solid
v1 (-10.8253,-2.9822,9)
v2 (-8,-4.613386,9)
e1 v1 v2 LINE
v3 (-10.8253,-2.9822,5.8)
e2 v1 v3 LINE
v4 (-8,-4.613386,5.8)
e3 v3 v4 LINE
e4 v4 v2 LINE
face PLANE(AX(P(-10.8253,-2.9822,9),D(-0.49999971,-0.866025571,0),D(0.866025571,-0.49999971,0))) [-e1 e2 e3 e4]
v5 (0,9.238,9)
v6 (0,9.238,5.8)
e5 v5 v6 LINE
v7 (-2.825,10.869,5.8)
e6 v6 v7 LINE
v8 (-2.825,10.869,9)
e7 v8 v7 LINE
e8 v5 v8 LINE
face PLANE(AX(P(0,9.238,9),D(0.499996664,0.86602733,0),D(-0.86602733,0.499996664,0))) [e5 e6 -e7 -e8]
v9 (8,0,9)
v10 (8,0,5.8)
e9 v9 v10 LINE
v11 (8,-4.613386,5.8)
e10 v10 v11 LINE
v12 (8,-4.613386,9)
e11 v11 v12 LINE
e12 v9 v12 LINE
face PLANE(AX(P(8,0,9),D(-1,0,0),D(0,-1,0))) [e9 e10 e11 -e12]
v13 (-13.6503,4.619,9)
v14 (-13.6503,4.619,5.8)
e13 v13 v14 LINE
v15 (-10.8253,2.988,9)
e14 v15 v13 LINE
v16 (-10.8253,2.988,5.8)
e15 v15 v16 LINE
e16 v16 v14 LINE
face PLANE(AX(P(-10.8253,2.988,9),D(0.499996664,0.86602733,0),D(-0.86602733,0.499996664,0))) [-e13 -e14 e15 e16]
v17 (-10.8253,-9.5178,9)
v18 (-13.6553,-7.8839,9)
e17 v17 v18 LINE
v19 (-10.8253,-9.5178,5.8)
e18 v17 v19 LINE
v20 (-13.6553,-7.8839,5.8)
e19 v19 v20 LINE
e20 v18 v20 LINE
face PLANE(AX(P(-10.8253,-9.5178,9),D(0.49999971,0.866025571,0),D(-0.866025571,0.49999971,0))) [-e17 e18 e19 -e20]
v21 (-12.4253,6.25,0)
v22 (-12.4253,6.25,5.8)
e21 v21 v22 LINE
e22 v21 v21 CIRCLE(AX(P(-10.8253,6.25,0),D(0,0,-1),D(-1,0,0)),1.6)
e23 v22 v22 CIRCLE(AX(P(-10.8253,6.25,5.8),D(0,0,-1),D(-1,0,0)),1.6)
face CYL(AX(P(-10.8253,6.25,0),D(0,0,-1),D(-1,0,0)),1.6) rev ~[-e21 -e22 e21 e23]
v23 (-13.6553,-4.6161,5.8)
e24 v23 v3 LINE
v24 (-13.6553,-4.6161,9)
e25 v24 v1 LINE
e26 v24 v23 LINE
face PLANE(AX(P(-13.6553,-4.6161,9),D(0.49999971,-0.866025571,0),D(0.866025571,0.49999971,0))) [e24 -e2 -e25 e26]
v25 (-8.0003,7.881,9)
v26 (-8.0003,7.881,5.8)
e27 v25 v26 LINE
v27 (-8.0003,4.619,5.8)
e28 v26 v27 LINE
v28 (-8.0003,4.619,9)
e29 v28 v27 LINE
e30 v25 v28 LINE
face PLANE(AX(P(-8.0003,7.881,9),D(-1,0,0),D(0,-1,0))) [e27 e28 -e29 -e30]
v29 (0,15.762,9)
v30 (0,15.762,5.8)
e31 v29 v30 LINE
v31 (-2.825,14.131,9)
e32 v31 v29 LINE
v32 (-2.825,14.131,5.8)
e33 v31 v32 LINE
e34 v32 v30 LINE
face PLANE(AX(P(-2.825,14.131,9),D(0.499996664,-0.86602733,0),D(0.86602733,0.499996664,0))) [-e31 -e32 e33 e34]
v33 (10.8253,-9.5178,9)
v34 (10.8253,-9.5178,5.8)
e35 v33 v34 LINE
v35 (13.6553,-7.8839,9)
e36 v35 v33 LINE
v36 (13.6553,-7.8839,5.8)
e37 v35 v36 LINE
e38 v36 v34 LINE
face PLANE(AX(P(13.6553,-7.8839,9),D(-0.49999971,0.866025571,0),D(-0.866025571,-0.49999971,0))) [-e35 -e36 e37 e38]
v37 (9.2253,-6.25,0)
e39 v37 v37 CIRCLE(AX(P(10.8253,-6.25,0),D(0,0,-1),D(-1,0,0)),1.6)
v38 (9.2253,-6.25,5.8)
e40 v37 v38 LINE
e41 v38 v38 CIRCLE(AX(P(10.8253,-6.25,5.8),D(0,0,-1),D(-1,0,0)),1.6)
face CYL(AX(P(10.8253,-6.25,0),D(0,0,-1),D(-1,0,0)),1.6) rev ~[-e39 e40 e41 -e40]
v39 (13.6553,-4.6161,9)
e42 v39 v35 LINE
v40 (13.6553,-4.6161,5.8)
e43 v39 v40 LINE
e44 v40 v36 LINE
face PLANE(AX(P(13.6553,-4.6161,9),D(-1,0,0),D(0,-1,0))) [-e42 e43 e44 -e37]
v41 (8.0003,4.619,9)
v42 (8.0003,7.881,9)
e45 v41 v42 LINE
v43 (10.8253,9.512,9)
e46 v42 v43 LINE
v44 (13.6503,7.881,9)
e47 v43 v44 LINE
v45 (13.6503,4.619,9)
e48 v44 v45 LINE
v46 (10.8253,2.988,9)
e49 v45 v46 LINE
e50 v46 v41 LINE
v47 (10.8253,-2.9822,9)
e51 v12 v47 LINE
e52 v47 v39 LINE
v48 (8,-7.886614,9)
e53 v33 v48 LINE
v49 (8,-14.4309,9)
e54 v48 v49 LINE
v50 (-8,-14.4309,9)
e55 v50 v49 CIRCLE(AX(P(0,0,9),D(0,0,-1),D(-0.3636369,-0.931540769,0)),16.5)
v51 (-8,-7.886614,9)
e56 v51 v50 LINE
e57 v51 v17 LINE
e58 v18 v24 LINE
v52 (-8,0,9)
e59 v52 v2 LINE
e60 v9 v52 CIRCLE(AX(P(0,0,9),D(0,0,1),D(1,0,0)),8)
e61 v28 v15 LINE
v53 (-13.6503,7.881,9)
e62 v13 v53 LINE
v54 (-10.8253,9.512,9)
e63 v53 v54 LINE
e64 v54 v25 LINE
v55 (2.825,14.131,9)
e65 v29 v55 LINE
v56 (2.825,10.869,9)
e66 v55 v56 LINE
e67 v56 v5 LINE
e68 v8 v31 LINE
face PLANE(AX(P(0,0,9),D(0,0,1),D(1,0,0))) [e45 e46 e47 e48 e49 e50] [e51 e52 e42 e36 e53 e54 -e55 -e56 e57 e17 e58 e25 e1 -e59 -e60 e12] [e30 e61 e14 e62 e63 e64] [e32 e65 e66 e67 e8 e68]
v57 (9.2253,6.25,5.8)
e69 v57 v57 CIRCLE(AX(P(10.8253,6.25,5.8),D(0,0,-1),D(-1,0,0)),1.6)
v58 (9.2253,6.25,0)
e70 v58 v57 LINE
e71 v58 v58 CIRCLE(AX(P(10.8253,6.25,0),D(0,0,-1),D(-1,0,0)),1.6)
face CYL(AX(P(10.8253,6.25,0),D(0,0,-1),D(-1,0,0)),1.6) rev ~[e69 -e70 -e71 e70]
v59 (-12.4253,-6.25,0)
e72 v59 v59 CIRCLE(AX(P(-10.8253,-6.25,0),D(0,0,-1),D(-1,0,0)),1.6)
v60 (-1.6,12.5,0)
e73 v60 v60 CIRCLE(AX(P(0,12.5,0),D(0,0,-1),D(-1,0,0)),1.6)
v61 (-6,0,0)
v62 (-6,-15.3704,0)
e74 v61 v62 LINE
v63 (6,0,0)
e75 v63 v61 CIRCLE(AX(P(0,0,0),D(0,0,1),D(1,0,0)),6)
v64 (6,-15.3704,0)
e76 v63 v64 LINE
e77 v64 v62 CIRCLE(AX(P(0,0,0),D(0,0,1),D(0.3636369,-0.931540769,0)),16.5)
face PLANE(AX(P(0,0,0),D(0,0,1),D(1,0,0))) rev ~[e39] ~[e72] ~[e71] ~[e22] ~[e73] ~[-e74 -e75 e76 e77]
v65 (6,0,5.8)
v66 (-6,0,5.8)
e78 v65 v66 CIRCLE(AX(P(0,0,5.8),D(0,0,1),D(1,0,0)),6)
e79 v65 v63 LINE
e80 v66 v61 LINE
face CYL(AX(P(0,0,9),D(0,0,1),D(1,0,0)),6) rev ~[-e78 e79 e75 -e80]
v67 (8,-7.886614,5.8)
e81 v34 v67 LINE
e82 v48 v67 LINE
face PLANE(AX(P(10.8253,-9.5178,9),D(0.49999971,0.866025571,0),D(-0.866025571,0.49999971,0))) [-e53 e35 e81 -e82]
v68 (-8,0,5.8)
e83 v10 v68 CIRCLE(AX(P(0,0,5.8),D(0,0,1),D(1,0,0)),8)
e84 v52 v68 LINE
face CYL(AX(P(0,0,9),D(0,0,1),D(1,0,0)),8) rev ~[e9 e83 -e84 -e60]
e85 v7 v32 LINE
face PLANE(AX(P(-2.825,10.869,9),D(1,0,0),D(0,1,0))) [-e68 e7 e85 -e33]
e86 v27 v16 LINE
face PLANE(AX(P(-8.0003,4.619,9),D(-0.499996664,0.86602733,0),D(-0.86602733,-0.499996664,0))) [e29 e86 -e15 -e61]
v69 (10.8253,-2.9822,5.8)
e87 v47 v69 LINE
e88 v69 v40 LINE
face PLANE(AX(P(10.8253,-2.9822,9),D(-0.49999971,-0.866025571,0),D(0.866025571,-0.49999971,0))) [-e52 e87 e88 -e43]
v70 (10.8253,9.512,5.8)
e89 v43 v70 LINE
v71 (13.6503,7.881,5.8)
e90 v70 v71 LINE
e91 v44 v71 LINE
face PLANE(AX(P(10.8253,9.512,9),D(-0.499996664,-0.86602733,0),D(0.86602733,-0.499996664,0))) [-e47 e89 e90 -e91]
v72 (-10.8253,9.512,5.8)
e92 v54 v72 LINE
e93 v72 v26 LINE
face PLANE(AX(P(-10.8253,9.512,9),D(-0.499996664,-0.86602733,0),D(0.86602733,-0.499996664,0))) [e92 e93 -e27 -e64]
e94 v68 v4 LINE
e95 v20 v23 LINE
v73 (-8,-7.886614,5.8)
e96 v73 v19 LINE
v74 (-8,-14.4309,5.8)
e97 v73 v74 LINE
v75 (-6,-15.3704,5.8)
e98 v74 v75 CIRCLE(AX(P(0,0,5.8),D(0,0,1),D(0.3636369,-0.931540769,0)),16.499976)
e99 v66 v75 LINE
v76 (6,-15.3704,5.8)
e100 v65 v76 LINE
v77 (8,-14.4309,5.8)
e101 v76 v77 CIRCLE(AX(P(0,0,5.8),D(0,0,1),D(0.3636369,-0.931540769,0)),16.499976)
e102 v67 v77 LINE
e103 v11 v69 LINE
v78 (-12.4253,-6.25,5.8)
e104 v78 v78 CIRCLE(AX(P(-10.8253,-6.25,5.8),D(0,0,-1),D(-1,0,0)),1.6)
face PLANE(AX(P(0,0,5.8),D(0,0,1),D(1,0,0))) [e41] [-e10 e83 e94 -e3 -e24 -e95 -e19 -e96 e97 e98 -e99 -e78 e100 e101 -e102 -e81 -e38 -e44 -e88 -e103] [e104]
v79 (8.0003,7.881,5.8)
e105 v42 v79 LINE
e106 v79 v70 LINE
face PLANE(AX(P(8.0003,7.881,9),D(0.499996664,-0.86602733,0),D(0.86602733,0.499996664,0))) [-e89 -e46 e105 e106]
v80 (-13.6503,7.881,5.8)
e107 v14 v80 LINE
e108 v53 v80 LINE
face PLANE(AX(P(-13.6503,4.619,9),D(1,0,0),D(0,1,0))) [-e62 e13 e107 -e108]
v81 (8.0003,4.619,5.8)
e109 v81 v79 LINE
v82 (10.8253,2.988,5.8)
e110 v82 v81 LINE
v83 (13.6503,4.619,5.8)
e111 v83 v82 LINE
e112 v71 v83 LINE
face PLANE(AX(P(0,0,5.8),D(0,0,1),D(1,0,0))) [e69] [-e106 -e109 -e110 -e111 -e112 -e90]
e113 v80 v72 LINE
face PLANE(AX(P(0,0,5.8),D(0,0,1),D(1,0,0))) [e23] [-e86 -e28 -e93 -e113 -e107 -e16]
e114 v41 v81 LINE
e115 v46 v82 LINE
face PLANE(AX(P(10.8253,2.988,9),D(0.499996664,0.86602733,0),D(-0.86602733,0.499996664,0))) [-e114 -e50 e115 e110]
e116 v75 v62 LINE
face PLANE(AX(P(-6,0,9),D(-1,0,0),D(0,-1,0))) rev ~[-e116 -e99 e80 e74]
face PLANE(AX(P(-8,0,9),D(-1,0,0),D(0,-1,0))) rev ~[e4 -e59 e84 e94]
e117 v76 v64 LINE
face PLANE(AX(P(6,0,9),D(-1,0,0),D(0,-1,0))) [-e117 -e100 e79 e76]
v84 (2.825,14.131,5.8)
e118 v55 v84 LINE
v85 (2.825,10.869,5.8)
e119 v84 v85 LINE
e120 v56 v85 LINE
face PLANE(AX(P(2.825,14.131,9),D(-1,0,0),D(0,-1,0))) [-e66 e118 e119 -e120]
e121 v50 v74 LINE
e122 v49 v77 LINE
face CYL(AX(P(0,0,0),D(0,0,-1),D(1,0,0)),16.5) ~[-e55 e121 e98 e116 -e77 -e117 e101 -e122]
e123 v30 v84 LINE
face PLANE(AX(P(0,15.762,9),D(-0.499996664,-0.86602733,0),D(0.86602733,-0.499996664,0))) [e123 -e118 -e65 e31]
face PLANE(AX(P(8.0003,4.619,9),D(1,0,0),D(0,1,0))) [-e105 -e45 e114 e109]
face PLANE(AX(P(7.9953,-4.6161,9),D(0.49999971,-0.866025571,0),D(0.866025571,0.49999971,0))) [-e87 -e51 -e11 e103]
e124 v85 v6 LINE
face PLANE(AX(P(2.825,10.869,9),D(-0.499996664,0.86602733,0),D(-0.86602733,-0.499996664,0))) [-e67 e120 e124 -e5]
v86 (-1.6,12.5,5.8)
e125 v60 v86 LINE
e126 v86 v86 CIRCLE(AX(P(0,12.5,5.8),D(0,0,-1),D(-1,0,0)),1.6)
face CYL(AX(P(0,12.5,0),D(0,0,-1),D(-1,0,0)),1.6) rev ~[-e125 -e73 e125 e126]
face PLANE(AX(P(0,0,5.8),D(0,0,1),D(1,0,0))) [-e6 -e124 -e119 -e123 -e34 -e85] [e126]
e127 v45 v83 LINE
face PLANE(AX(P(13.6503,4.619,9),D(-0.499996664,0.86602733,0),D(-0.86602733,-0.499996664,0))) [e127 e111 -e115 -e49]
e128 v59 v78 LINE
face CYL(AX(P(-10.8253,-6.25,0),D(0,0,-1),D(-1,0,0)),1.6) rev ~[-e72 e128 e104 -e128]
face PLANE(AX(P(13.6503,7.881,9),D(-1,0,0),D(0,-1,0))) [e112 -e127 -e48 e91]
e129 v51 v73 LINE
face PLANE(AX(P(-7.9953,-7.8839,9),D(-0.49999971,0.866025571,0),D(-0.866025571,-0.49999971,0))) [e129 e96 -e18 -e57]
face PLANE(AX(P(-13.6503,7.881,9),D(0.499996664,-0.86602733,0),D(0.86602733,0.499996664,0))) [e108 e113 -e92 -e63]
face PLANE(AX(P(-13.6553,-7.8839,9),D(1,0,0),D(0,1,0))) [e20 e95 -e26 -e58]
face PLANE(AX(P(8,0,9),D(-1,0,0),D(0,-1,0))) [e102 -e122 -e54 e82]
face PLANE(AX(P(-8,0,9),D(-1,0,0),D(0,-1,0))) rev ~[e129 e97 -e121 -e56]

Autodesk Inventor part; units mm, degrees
ref_plane "YZ Plane" through (0, 0, 0) normal (1, 0, 0) x (0, 1, 0)
ref_plane "XZ Plane" through (0, 0, 0) normal (0, 1, 0) x (-1, 0, 0)
ref_plane "XY Plane" through (0, 0, 0) normal (0, 0, 1) x (1, 0, 0)
sketch "Sketch1" plane through (0, 0, 0) normal (0, 0, 1) x (1, 0, 0)
  circle A0 centre (0, 0) radius 16.5
  dimension "d0" = 33
extrude "Body" add sketch "Sketch1" along normal blind 9
sketch "Sketch2" plane through (0, 0, 9) normal (0, 0, 1) x (1, 0, 0)
  circle A0 centre (0, 0) radius 16.5 projected
  circle A1 centre (0, 0) radius 6
  line L0 (-6, 0) -> (-6, -15.3704)
  line L1 (6, 0) -> (6, -15.3704)
  arc A2 (-6, -15.3704) -> (6, -15.3704) centre (0, 0) ccw
  dimension "d3" = 12
extrude "Main Cutout" cut sketch "Sketch2" against normal blind 9 contours L0 A1 L1 A0 | A1 picked at (0.2411, -12.9009)
sketch "Sketch4" plane through (0, 0, 9) normal (0, 0, 1) x (1, 0, 0)
  line L0 (6, 0) -> (6, -15.3704) projected
  arc A0 (6, -15.3704) -> (-6, -15.3704) centre (0, 0) ccw projected
  line L1 (-6, -15.3704) -> (-6, 0) projected
  arc A1 (6, 0) -> (-6, 0) centre (0, 0) ccw projected
  circle A2 centre (0, 0) radius 8
  line L2 (-8, 0) -> (-8, -14.4309)
  line L3 (8, 0) -> (8, -14.4309)
  arc A3 (-8, -14.4309) -> (8, -14.4309) centre (0, 0) ccw
  dimension "d7" = 16
extrude "Bottom Cutout" cut sketch "Sketch4" against normal blind 3.2 contours A1 L1 A2 L0 | A2 L3 A0 L0 | L1 A0 L2 A2 picked at (-6.3631, -2.9996)
sketch "Sketch7" plane through (0, 0, 0) normal (0, 0, -1) x (-1, 0, 0)
  arc A0 (6, 0) -> (-6, 0) centre (0, 0) ccw projected
  arc A1 (6, -15.3704) -> (-6, -15.3704) centre (0, 0) ccw projected
  circle A2 centre (0, 0) radius 12.5 construction
  circle A3 centre (0, 12.5) radius 1.6
  circle A4 centre (-10.8253, 6.25) radius 1.6
  circle A5 centre (-10.8253, -6.25) radius 1.6
  circle A6 centre (0, -12.5) radius 1.6
  circle A7 centre (10.8253, -6.25) radius 1.6
  circle A8 centre (10.8253, 6.25) radius 1.6
  dimension "d18" = 25
  dimension "d19" = 3.2
  dimension "d22" = 360
extrude "M3 Holes" cut sketch "Sketch7" against normal blind 7 contours A3 | A4 | A5 | A7 | A8
sketch "Sketch8" plane through (0, 0, 9) normal (0, 0, 1) x (1, 0, 0)
  arc A0 (8, 0) -> (-8, 0) centre (0, 0) ccw projected
  circle A1 centre (0, 0) radius 12.5 construction
  circle A2 centre (0, 12.5) radius 1.5 construction
  circle A3 centre (-10.8253, 6.25) radius 1.5 construction
  circle A4 centre (-10.8253, -6.25) radius 1.5 construction
  circle A5 centre (0, -12.5) radius 1.5 construction
  circle A6 centre (10.8253, -6.25) radius 1.5 construction
  circle A7 centre (10.8253, 6.25) radius 1.5 construction
  line L0 (0, 9.238) -> (-2.825, 10.869)
  line L1 (-2.825, 10.869) -> (-2.825, 14.131)
  line L2 (-2.825, 14.131) -> (0, 15.762)
  line L3 (0, 15.762) -> (2.825, 14.131)
  line L4 (2.825, 14.131) -> (2.825, 10.869)
  line L5 (2.825, 10.869) -> (0, 9.238)
  line L6 (-10.8253, 2.988) -> (-13.6503, 4.619)
  line L7 (-13.6503, 4.619) -> (-13.6503, 7.881)
  line L8 (-13.6503, 7.881) -> (-10.8253, 9.512)
  line L9 (-10.8253, 9.512) -> (-8.0003, 7.881)
  line L10 (-8.0003, 7.881) -> (-8.0003, 4.619)
  line L11 (-8.0003, 4.619) -> (-10.8253, 2.988)
  line L12 (10.8253, 2.988) -> (8.0003, 4.619)
  line L13 (8.0003, 4.619) -> (8.0003, 7.881)
  line L14 (8.0003, 7.881) -> (10.8253, 9.512)
  line L15 (10.8253, 9.512) -> (13.6503, 7.881)
  line L16 (13.6503, 7.881) -> (13.6503, 4.619)
  line L17 (13.6503, 4.619) -> (10.8253, 2.988)
  line L18 (-10.8253, -9.5178) -> (-13.6553, -7.8839)
  line L19 (-13.6553, -7.8839) -> (-13.6553, -4.6161)
  line L20 (-13.6553, -4.6161) -> (-10.8253, -2.9822)
  line L21 (-10.8253, -2.9822) -> (-7.9953, -4.6161)
  line L22 (-7.9953, -4.6161) -> (-7.9953, -7.8839)
  line L23 (-7.9953, -7.8839) -> (-10.8253, -9.5178)
  line L24 (10.8253, -9.5178) -> (7.9953, -7.8839)
  line L25 (7.9953, -7.8839) -> (7.9953, -4.6161)
  line L26 (7.9953, -4.6161) -> (10.8253, -2.9822)
  line L27 (10.8253, -2.9822) -> (13.6553, -4.6161)
  line L28 (13.6553, -4.6161) -> (13.6553, -7.8839)
  line L29 (13.6553, -7.8839) -> (10.8253, -9.5178)
  dimension "d26" = 25
  dimension "d27" = 3
  dimension "d30" = 360
  dimension "d32" = 5.65
  dimension "d33" = 5.65
  dimension "d34" = 5.65
  dimension "d35" = 5.66
  dimension "d36" = 5.66
extrude "M3 Nut Traps" cut sketch "Sketch8" against normal blind 3.2
sketch "Sketch9" plane through (0, 0, 9) normal (0, 0, 1) x (1, 0, 0)
  line L0 (-8, -7.8866) -> (-10.8253, -9.5178) projected
  line L1 (-10.8253, -9.5178) -> (-13.6553, -7.8839) projected
  line L2 (-13.6553, -7.8839) -> (-13.6553, -4.6161) projected
  line L3 (-13.6553, -4.6161) -> (-10.8253, -2.9822) projected
  line L4 (-10.8253, -2.9822) -> (-8, -4.6134) projected
  line L5 (-8, -4.6134) -> (-8, 0) projected
  arc A0 (8, 0) -> (-8, 0) centre (0, 0) ccw projected
  line L6 (8, 0) -> (8, -4.6134) projected
  line L7 (8, -4.6134) -> (10.8253, -2.9822) projected
  line L8 (10.8253, -2.9822) -> (13.6553, -4.6161) projected
  line L9 (13.6553, -4.6161) -> (13.6553, -7.8839) projected
  line L10 (13.6553, -7.8839) -> (10.8253, -9.5178) projected
  line L11 (10.8253, -9.5178) -> (8, -7.8866) projected
  line L12 (8, -7.8866) -> (8, -14.4309) projected
  arc A1 (8, -14.4309) -> (-8, -14.4309) centre (0, 0) ccw projected
  line L13 (-8, -14.4309) -> (-8, -7.8866) projected
  line L14 (13.6503, 4.619) -> (10.8253, 2.988) projected
  line L15 (10.8253, 2.988) -> (8.0003, 4.619) projected
  line L16 (8.0003, 4.619) -> (8.0003, 7.881) projected
  line L17 (8.0003, 7.881) -> (10.8253, 9.512) projected
  line L18 (10.8253, 9.512) -> (13.6503, 7.881) projected
  line L19 (13.6503, 7.881) -> (13.6503, 4.619) projected
  line L20 (2.825, 10.869) -> (0, 9.238) projected
  line L21 (0, 9.238) -> (-2.825, 10.869) projected
  line L22 (-2.825, 10.869) -> (-2.825, 14.131) projected
  line L23 (-2.825, 14.131) -> (0, 15.762) projected
  line L24 (0, 15.762) -> (2.825, 14.131) projected
  line L25 (2.825, 14.131) -> (2.825, 10.869) projected
  line L26 (-8.0003, 4.619) -> (-10.8253, 2.988) projected
  line L27 (-10.8253, 2.988) -> (-13.6503, 4.619) projected
  line L28 (-13.6503, 4.619) -> (-13.6503, 7.881) projected
  line L29 (-13.6503, 7.881) -> (-10.8253, 9.512) projected
  line L30 (-10.8253, 9.512) -> (-8.0003, 7.881) projected
  line L31 (-8.0003, 7.881) -> (-8.0003, 4.619) projected
properties part number "Kossel E3D V6 Mount"
